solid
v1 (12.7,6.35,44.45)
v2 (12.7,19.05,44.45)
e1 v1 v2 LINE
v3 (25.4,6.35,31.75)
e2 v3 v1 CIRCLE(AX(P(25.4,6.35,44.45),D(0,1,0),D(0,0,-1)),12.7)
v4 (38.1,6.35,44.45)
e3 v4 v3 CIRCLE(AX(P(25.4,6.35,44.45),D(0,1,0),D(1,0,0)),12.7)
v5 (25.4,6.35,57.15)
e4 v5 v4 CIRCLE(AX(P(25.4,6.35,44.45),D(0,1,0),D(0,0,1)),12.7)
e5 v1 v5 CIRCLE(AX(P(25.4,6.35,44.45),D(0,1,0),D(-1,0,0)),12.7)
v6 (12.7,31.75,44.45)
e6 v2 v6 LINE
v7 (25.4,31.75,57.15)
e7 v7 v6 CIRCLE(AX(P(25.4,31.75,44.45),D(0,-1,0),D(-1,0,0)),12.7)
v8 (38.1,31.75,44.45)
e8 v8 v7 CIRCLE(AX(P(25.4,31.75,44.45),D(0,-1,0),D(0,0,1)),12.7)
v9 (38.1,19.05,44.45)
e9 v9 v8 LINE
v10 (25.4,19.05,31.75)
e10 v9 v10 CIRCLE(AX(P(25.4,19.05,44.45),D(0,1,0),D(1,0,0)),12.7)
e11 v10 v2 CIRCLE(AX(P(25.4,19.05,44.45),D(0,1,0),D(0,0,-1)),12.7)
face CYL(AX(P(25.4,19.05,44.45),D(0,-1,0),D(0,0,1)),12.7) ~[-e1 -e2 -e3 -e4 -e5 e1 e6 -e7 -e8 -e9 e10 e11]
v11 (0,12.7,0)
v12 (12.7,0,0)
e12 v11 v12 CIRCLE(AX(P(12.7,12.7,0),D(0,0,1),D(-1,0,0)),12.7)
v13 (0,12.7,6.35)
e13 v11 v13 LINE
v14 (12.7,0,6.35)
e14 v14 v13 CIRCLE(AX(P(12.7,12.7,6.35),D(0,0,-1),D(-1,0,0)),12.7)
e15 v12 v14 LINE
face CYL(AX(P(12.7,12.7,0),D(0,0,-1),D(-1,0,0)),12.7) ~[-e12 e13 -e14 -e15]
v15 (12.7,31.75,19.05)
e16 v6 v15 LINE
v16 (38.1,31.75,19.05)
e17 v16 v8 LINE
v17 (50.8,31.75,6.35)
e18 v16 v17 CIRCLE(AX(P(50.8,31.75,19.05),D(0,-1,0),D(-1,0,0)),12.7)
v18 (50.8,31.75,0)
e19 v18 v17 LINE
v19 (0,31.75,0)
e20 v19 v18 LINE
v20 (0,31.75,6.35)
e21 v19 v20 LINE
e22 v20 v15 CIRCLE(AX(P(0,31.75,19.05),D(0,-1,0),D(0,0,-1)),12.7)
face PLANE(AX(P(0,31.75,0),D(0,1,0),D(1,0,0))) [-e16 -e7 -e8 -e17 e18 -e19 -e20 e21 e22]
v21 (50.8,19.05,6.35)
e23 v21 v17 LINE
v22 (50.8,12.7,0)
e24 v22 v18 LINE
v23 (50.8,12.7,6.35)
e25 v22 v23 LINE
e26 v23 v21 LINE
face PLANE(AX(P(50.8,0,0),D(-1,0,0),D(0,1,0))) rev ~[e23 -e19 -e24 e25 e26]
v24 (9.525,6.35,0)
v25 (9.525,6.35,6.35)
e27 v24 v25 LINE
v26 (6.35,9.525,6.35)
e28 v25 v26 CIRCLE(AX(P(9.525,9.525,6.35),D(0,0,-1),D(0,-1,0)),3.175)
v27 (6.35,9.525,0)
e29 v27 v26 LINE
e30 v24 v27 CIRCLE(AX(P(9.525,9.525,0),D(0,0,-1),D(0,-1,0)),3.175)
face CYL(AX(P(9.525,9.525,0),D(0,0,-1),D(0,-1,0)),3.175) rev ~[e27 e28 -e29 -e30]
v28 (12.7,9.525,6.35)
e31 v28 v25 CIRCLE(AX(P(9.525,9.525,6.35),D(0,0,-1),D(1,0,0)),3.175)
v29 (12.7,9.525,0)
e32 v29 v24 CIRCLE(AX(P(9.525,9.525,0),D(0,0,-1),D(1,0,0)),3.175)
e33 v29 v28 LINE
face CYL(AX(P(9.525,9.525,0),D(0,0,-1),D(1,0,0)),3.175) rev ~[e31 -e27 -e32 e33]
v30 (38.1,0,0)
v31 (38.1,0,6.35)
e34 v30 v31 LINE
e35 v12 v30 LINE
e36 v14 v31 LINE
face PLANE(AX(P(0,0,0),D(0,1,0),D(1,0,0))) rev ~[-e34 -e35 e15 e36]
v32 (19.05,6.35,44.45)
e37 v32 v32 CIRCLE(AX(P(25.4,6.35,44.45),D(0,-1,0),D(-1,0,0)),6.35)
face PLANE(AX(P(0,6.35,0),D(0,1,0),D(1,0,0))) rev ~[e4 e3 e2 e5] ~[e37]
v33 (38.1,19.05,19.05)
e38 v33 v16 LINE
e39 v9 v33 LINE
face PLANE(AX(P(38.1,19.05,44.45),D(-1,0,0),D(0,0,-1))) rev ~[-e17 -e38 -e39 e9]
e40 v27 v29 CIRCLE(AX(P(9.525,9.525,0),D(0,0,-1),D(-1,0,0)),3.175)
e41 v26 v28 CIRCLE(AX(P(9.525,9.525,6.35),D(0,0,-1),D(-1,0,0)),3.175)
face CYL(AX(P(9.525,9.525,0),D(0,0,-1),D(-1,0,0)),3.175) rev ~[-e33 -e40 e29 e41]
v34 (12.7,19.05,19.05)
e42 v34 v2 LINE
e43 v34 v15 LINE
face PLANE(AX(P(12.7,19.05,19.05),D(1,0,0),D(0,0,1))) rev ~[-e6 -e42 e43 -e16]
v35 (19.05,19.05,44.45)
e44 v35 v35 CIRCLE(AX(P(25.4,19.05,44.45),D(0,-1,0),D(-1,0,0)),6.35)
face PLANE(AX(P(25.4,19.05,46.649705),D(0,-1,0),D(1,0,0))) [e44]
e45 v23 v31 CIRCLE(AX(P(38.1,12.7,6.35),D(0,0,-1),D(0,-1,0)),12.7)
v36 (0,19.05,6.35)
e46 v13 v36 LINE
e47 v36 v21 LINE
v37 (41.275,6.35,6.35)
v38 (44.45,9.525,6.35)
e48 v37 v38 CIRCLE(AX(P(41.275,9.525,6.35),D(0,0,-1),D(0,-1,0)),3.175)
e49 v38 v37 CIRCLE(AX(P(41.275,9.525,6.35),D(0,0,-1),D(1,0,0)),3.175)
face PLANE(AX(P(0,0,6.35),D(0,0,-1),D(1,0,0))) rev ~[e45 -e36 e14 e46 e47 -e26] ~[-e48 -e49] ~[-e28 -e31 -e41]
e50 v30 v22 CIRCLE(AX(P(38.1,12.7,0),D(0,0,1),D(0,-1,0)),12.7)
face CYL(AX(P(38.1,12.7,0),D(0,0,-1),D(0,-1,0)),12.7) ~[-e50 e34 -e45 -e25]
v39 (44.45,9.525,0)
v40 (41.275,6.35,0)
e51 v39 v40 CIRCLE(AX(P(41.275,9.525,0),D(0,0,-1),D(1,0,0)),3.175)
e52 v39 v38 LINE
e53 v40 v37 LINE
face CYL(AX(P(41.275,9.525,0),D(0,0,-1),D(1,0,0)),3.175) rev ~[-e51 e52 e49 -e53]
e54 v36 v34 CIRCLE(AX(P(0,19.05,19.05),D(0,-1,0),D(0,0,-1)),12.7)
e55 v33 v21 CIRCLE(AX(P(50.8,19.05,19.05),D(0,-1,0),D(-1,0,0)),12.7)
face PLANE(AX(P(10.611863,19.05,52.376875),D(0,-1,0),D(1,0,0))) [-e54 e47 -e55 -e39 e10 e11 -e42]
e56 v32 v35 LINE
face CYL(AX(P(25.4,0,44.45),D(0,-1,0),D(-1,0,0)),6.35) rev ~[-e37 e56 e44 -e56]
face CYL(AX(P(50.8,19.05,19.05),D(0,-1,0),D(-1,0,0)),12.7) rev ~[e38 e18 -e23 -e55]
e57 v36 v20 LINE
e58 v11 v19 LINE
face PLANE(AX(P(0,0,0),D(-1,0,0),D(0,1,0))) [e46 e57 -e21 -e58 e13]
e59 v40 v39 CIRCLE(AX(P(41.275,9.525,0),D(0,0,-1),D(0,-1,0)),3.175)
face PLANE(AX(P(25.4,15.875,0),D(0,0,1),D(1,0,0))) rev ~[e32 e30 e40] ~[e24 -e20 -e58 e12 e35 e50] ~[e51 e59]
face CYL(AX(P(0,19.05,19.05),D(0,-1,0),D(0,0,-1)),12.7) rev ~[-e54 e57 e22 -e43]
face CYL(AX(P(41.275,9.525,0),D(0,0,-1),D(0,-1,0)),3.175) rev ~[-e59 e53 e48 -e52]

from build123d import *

# Parameters (mm, degrees)
F0_W      = 50.8
F0_H      = 31.75
F1_DEPTH  = 57.15
F2_W      = 50.8
F2_H      = 25.4
F3_DEPTH  = 19.05
F5_DEPTH  = 19.05
F6_DEPTH  = 6.35
F8_DEPTH  = 57.151
F10_DEPTH = 12.701
F12_DEPTH = 12.701
F14_DEPTH = 25.4


with BuildPart() as f1:
    # F0 (on Top) → F1 (new body)
    with BuildSketch(Plane.XY):
        with Locations((25.4, 15.875)):
            Rectangle(F0_W, F0_H)
    extrude(amount=F1_DEPTH)

    # F2 (on face) → F3 (cut)
    with BuildSketch(Plane.XZ):
        with Locations((25.4, 19.05)):
            Rectangle(F2_W, F2_H)
    extrude(amount=-F3_DEPTH, mode=Mode.SUBTRACT)

    # F4 (on face) → F5 (cut)
    with BuildSketch(Plane.XZ):
        with BuildLine():
            ThreePointArc((12.7, 44.45), (16.4197438789, 53.4302561211), (25.4, 57.15))
            Line((25.4, 57.15), (0, 57.15))
            Line((0, 57.15), (0, 44.45))
            Line((0, 44.45), (12.7, 44.45))
        make_face()
        with BuildLine():
            Line((0, 31.75), (25.4, 31.75))
            ThreePointArc((25.4, 31.75), (16.4197438789, 35.4697438789), (12.7, 44.45))
            Line((12.7, 44.45), (0, 44.45))
            Line((0, 44.45), (0, 31.75))
        make_face()
        with BuildLine():
            Line((50.8, 44.45), (38.1, 44.45))
            ThreePointArc((38.1, 44.45), (34.3802561211, 35.4697438789), (25.4, 31.75))
            Line((25.4, 31.75), (50.8, 31.75))
            Line((50.8, 31.75), (50.8, 44.45))
        make_face()
        with BuildLine():
            ThreePointArc((25.4, 57.15), (34.3802561211, 53.4302561211), (38.1, 44.45))
            Line((38.1, 44.45), (50.8, 44.45))
            Line((50.8, 44.45), (50.8, 57.15))
            Line((50.8, 57.15), (25.4, 57.15))
        make_face()
        with BuildLine():
            Line((19.05, 44.45), (31.75, 44.45))
            ThreePointArc((31.75, 44.45), (25.4, 50.8), (19.05, 44.45))
        make_face()
        with BuildLine():
            ThreePointArc((19.05, 44.45), (25.4, 38.1), (31.75, 44.45))
            Line((31.75, 44.45), (19.05, 44.45))
        make_face()
    extrude(amount=-F5_DEPTH, mode=Mode.SUBTRACT)

    # F6 (cut): a face of the model
    f6_faces = [f1.faces().sort_by_distance(p)[0] for p in [
        (25.4, 0, 56.7907897552),
    ]]
    extrude(f6_faces, amount=-F6_DEPTH, mode=Mode.SUBTRACT)

    # F7 (on face) → F8 (cut, through all)
    with BuildSketch(Plane(origin=(0, 0, 0), x_dir=(1, 0, 0), z_dir=(0, 0, -1))):
        with BuildLine():
            Line((0, 0), (0, -12.7))
            ThreePointArc((0, -12.7), (3.7197438789, -3.7197438789), (12.7, 0))
            Line((12.7, 0), (0, 0))
        make_face()
        with BuildLine():
            Line((50.8, 0), (38.1, 0))
            ThreePointArc((38.1, 0), (47.0802561211, -3.7197438789), (50.8, -12.7))
            Line((50.8, -12.7), (50.8, 0))
        make_face()
    extrude(amount=-F8_DEPTH, mode=Mode.SUBTRACT)

    # F9 (on face) → F10 (cut, through all)
    with BuildSketch(Plane.XZ.offset(-19.05)):
        Polygon((12.7, 44.45), (12.7, 57.15), (0, 57.15), (0, 19.05), (12.7, 19.05), align=None)
        Polygon((50.8, 57.15), (38.1, 57.15), (38.1, 44.45), (38.1, 19.05), (50.8, 19.05), align=None)
        with BuildLine():
            Line((38.1, 57.15), (25.4, 57.15))
            ThreePointArc((25.4, 57.15), (34.3802561211, 53.4302561211), (38.1, 44.45))
            Line((38.1, 44.45), (38.1, 57.15))
        make_face()
        with BuildLine():
            Line((25.4, 57.15), (12.7, 57.15))
            Line((12.7, 57.15), (12.7, 44.45))
            ThreePointArc((12.7, 44.45), (16.4197438789, 53.4302561211), (25.4, 57.15))
        make_face()
    extrude(amount=-F10_DEPTH, mode=Mode.SUBTRACT)

    # F11 (on face) → F12 (cut, through all)
    with BuildSketch(Plane.XZ.offset(-19.05)):
        with BuildLine():
            Line((0, 19.05), (0, 6.35))
            ThreePointArc((0, 6.35), (8.9802561211, 10.0697438789), (12.7, 19.05))
            Line((12.7, 19.05), (0, 19.05))
        make_face()
        with BuildLine():
            ThreePointArc((38.1, 19.05), (41.8197438789, 10.0697438789), (50.8, 6.35))
            Line((50.8, 6.35), (50.8, 19.05))
            Line((50.8, 19.05), (38.1, 19.05))
        make_face()
    extrude(amount=-F12_DEPTH, mode=Mode.SUBTRACT)

    # F13 (on face) → F14 (cut)
    with BuildSketch(Plane(origin=(0, 0, 0), x_dir=(1, 0, 0), z_dir=(0, 0, -1))):
        with BuildLine():
            Line((9.525, -9.525), (6.35, -9.525))
            ThreePointArc((6.35, -9.525), (9.525, -12.7), (12.7, -9.525))
            ThreePointArc((12.7, -9.525), (11.7700640303, -7.2799359697), (9.525, -6.35))
            Line((9.525, -6.35), (9.525, -9.525))
        make_face()
        with BuildLine():
            ThreePointArc((9.525, -6.35), (7.2799359697, -7.2799359697), (6.35, -9.525))
            Line((6.35, -9.525), (9.525, -9.525))
            Line((9.525, -9.525), (9.525, -6.35))
        make_face()
        with BuildLine():
            Line((41.275, -9.525), (41.275, -6.35))
            ThreePointArc((41.275, -6.35), (39.0299359697, -11.7700640303), (44.45, -9.525))
            Line((44.45, -9.525), (41.275, -9.525))
        make_face()
        with BuildLine():
            ThreePointArc((44.45, -9.525), (43.5200640303, -7.2799359697), (41.275, -6.35))
            Line((41.275, -6.35), (41.275, -9.525))
            Line((41.275, -9.525), (44.45, -9.525))
        make_face()
    extrude(amount=-F14_DEPTH, mode=Mode.SUBTRACT)


solid = f1.part
